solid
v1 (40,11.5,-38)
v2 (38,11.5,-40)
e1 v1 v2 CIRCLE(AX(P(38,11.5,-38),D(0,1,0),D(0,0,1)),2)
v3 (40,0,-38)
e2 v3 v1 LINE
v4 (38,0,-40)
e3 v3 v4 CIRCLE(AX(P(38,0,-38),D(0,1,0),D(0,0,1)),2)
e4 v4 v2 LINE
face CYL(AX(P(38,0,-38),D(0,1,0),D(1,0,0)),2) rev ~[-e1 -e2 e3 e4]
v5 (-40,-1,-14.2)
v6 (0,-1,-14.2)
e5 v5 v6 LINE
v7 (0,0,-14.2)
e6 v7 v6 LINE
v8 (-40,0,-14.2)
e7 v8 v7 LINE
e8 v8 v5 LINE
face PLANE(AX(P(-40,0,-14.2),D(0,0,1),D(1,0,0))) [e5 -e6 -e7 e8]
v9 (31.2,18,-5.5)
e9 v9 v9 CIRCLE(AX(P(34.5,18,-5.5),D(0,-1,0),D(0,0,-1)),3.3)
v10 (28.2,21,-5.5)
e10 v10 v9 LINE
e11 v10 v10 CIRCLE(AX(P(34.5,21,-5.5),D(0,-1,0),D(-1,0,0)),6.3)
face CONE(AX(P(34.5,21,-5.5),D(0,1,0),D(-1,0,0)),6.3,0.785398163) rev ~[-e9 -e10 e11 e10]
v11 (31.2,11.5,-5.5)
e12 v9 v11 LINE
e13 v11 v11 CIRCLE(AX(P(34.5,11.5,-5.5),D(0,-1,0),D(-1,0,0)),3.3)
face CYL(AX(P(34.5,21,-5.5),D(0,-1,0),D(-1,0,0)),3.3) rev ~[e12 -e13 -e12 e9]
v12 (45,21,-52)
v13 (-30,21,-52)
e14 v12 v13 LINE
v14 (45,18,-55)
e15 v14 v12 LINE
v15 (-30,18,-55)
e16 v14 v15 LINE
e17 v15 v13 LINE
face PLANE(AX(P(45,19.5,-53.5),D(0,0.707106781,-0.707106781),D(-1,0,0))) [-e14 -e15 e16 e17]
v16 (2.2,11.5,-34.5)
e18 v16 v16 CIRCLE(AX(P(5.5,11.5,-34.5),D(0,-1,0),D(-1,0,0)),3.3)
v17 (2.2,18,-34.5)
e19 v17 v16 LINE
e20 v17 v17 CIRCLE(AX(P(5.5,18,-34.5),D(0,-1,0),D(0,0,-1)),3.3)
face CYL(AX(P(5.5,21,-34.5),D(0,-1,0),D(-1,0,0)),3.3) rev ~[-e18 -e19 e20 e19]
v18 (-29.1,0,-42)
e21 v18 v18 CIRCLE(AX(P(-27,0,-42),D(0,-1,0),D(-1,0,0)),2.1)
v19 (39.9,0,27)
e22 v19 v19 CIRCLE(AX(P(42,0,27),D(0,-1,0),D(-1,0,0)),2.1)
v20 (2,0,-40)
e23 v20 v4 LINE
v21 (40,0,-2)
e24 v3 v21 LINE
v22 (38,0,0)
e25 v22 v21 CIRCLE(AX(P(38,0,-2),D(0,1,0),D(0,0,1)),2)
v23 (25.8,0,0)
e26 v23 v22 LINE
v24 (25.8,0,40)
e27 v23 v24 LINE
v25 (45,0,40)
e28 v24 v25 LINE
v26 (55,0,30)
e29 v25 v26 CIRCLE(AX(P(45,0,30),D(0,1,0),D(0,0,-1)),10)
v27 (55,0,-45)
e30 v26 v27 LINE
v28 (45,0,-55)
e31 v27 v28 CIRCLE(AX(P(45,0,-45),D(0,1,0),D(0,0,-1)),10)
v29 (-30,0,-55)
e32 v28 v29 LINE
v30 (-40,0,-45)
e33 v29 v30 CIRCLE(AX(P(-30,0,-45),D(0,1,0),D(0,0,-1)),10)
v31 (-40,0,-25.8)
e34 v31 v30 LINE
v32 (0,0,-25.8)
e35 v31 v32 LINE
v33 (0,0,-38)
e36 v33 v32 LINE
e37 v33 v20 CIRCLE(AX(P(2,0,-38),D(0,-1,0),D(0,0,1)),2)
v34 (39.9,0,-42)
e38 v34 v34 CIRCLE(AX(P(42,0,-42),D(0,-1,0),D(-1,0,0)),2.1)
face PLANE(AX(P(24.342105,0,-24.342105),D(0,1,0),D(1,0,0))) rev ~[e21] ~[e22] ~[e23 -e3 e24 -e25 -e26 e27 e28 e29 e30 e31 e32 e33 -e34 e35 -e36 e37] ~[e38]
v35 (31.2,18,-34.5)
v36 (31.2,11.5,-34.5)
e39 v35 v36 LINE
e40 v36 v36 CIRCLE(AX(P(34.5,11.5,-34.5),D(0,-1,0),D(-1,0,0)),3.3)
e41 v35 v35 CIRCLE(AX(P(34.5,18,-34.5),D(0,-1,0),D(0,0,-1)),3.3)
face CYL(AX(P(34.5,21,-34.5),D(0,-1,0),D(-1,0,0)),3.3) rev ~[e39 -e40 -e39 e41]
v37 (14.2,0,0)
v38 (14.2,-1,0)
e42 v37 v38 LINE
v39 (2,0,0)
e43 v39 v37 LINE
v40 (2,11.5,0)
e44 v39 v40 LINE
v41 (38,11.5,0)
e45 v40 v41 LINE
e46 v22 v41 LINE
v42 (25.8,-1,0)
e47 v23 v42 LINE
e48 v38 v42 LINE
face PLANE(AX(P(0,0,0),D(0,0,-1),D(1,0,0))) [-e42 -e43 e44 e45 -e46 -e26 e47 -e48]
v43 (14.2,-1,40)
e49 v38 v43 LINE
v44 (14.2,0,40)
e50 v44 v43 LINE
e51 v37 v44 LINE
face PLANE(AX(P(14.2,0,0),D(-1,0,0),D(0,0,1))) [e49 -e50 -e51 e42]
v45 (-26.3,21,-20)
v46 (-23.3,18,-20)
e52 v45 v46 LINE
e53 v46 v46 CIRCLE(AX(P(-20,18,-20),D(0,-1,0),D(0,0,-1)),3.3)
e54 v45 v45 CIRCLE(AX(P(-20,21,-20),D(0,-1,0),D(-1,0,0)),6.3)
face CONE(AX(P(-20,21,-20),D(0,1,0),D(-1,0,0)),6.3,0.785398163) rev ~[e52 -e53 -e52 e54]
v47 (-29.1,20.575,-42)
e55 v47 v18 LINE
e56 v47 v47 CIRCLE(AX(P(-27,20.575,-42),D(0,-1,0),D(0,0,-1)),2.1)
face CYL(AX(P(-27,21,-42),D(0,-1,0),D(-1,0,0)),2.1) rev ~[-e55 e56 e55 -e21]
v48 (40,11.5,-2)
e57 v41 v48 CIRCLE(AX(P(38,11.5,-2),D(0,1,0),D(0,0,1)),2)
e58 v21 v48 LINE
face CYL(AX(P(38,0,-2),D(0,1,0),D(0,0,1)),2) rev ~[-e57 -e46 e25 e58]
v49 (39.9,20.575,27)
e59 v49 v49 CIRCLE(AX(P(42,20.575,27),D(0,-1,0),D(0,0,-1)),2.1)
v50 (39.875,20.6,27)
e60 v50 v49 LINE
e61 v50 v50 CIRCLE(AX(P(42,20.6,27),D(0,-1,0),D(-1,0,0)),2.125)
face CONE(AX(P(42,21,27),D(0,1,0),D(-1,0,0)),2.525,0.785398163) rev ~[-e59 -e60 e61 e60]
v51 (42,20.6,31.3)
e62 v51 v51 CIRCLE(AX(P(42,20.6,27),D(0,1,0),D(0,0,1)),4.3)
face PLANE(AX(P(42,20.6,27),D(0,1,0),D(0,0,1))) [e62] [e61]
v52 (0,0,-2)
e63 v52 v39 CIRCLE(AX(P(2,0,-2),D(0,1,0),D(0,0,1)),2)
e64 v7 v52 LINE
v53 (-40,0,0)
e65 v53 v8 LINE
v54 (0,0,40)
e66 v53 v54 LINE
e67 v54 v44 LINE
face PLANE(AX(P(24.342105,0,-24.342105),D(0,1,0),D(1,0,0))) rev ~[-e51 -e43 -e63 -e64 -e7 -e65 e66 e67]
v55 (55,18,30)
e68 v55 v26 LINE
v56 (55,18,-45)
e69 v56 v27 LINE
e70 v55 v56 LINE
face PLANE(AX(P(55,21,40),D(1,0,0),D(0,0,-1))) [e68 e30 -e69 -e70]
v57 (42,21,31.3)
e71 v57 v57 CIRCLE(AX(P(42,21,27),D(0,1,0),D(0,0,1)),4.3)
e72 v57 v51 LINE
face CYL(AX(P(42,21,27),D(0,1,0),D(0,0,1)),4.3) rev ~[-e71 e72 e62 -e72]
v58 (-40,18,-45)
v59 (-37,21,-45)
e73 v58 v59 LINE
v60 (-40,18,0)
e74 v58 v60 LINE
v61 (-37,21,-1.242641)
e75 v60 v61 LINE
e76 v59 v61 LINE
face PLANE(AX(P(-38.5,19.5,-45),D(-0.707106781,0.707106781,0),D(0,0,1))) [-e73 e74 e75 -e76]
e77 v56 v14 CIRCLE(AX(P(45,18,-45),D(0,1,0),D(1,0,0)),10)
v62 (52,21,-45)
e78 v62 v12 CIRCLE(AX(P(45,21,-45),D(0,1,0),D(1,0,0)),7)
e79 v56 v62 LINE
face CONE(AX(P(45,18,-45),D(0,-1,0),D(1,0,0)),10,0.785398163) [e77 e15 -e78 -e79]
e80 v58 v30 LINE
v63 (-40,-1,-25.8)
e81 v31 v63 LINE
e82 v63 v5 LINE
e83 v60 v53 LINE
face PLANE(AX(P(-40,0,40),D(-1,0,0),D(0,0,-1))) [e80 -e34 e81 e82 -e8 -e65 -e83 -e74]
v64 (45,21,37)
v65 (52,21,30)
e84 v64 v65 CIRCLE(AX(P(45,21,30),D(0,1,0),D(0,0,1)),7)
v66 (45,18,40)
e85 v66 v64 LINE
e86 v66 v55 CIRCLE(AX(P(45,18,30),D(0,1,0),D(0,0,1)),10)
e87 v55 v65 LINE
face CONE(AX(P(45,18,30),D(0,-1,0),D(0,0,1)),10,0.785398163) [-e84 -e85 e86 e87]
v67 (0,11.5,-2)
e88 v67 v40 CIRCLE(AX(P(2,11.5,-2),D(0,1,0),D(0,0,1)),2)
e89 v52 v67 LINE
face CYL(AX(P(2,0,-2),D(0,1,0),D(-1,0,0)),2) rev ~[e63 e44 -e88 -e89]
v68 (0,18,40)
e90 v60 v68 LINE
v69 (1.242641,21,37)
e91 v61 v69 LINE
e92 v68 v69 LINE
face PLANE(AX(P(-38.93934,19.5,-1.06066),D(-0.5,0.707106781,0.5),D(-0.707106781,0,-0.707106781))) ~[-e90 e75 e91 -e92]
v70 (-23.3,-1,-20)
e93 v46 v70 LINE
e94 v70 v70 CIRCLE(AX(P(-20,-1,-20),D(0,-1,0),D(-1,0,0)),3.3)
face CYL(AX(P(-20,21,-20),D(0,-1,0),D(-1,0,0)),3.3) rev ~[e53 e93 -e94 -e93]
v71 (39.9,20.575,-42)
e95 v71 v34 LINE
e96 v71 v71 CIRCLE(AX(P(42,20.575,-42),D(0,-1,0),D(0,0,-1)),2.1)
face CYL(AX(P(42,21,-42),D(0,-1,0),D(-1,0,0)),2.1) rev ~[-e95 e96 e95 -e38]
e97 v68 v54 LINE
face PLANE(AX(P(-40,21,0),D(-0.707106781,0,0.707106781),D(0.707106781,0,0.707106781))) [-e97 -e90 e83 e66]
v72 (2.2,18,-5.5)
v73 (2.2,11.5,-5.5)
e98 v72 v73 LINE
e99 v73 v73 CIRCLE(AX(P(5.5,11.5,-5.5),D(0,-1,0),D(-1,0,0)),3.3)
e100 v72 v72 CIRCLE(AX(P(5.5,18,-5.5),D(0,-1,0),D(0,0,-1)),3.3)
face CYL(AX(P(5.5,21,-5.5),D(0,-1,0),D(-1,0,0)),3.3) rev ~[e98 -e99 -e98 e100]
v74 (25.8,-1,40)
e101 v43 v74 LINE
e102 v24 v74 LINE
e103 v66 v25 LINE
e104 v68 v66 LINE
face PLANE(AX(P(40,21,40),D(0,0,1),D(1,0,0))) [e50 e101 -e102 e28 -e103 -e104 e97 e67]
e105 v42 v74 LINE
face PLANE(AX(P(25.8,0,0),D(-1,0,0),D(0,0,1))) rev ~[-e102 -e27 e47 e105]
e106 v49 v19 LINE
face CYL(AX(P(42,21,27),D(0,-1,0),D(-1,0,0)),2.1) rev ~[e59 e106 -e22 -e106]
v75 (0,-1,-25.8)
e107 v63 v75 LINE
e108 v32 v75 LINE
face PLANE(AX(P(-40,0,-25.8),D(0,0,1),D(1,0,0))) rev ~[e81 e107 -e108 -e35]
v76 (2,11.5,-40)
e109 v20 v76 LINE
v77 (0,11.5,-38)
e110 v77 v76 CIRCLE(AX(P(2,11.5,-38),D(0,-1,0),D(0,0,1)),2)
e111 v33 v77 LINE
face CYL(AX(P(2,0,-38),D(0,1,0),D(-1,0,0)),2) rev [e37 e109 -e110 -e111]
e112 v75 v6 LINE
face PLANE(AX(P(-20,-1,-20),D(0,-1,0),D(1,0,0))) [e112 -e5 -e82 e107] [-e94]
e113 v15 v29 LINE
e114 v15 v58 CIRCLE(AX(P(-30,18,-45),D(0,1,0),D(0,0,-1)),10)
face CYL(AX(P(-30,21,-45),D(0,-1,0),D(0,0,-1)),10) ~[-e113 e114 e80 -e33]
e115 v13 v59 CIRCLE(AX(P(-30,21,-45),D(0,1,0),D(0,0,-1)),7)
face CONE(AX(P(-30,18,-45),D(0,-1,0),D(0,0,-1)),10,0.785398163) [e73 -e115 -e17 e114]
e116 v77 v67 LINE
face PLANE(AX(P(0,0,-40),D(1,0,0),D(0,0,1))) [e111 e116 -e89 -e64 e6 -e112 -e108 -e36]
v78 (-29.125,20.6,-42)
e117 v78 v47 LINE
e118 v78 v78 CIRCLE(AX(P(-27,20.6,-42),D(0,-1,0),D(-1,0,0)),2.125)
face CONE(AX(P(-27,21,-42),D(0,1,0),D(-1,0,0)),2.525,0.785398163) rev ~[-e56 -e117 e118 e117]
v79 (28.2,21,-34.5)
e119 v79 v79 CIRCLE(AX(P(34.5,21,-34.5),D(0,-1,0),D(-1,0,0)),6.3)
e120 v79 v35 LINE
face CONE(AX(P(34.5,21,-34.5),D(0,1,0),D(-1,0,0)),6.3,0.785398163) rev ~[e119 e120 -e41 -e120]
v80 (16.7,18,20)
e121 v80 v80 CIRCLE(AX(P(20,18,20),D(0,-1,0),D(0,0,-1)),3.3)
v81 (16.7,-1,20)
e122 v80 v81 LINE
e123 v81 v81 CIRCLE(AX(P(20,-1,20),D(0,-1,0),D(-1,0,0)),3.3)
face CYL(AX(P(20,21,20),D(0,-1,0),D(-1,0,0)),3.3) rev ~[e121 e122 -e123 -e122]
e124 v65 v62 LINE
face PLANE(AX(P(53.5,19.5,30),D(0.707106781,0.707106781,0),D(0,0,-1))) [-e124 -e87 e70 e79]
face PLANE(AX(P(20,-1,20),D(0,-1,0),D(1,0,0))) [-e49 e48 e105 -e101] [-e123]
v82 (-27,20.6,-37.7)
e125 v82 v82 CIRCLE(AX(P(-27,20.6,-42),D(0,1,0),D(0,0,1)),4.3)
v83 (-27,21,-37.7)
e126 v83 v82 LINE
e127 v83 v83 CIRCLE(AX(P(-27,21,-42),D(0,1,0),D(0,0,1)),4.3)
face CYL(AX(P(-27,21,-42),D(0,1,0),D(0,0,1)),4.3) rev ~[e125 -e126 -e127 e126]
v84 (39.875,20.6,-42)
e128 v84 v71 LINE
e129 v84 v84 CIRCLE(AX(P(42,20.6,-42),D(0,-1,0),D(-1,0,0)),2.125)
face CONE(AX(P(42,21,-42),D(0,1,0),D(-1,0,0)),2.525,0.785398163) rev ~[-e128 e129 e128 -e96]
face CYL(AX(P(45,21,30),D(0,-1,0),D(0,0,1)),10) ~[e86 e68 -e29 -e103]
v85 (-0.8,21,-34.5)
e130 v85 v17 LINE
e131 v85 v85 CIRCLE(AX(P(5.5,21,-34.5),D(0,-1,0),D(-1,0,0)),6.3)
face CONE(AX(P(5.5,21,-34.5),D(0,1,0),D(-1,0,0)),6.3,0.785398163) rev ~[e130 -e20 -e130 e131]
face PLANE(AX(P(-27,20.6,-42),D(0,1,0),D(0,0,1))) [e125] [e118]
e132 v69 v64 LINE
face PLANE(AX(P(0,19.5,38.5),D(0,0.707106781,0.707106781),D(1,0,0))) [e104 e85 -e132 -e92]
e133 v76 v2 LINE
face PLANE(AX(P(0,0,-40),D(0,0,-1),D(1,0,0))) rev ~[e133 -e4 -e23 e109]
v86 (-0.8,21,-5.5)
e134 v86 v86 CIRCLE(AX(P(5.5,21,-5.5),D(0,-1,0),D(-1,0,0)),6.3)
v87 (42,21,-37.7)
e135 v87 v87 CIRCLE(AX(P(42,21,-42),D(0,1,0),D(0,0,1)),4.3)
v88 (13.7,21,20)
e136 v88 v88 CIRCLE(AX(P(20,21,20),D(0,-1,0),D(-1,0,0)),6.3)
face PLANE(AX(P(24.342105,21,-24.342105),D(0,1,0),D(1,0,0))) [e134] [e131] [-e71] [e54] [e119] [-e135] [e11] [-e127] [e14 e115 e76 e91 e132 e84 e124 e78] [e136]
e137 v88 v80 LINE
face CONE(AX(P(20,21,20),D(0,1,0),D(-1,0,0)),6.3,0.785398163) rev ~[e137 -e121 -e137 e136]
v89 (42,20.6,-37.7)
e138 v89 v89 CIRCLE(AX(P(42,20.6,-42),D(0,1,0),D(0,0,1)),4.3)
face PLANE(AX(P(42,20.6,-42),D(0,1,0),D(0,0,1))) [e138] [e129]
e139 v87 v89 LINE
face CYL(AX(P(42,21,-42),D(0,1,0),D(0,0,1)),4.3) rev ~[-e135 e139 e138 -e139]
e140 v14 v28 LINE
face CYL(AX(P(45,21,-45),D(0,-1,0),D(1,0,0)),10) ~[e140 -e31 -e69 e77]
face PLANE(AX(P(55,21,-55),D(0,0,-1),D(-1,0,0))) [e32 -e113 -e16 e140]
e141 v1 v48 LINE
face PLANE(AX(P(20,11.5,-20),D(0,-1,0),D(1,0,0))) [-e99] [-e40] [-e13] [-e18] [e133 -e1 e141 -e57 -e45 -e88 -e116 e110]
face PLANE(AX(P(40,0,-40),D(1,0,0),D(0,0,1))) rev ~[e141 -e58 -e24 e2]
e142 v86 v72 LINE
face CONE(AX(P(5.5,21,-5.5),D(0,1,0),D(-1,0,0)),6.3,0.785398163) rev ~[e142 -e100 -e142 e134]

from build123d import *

# Parameters (mm, degrees)
SKETCH_1_W                 = 80
SKETCH_1_H                 = 80
EXTRUDE_314_DEPTH          = 21
EXTRUDE_603_DEPTH          = 21
CUT_EXTRUDE_830_DEPTH      = 81.566742518
SKETCH_3_W                 = 40
SKETCH_3_H                 = 40
CUT_EXTRUDE_1062_DEPTH     = 11.5
FILLET_1_R                 = 2
SKETCH_14_W                = 40
SKETCH_14_H                = 11.6
SKETCH_14_W_2              = 11.6
SKETCH_14_H_2              = 40
EXTRUDE_1761_DEPTH         = 1
HOLE_WIZARD_M6_D           = 6.6
HOLE_WIZARD_M6_CSINK_D     = 12.6
HOLE_WIZARD_M6_CSINK_ANGLE = 90
HOLE_WIZARD_M5_D           = 4.2
HOLE_WIZARD_M5_CSINK_D     = 5.05
HOLE_WIZARD_M5_CSINK_ANGLE = 90
FILLET_2_R                 = 10
CHAMFER_1_SIZE             = 3
SKETCH_15_R                = 4.3
CUT_EXTRUDE_1_DEPTH        = 0.4


with BuildPart() as part:
    # Эскиз1 → Extrude 314 (new body)
    with BuildSketch(Plane(origin=(0, 0, 0), x_dir=(1, 0, 0), z_dir=(0, 1, 0))):
        Rectangle(SKETCH_1_W, SKETCH_1_H)
    extrude(amount=EXTRUDE_314_DEPTH)

    # Эскиз11 → Extrude 603 (add)
    with BuildSketch(Plane(origin=(0, 21, 0), x_dir=(1, 0, 0), z_dir=(0, 1, 0))):
        Polygon((40, -40), (55, -40), (55, 55), (-40, 55), (-40, 40), (40, 40), align=None)
    extrude(amount=-EXTRUDE_603_DEPTH)

    # Эскиз2 → Cut-Extrude 830 (cut, through all)
    with BuildSketch(Plane(origin=(0, 21, 0), x_dir=(1, 0, 0), z_dir=(0, 1, 0))):
        Polygon((-40, -40), (-40, 0), (0, -40), align=None)
    extrude(amount=-CUT_EXTRUDE_830_DEPTH, mode=Mode.SUBTRACT)

    # Эскиз3 → Cut-Extrude 1062 (cut)
    with BuildSketch(Plane.XZ):
        with Locations((20, -20)):
            Rectangle(SKETCH_3_W, SKETCH_3_H)
    extrude(amount=-CUT_EXTRUDE_1062_DEPTH, mode=Mode.SUBTRACT)

    # Скругление1
    fillet_1_edges = [part.edges().sort_by_distance(p)[0] for p in [
        (40, 5.75, 0),
        (40, 5.75, -40),
        (0, 5.75, -40),
        (0, 5.75, 0),
    ]]
    fillet(fillet_1_edges, radius=FILLET_1_R)

    # Эскиз14 → Extrude 1761 (add)
    with BuildSketch(Plane.XZ):
        with Locations((-20, -20)):
            Rectangle(SKETCH_14_W, SKETCH_14_H)
        with Locations((20, 20)):
            Rectangle(SKETCH_14_W_2, SKETCH_14_H_2)
    extrude(amount=EXTRUDE_1761_DEPTH)

    # Крепление-M6 (through all)
    with Locations(Plane(origin=(0, 21, 0), x_dir=(1, 0, 0), z_dir=(0, 1, 0))):
        with Locations((-20, 20), (20, -20), (5.5, 34.5), (34.5, 34.5), (34.5, 5.5), (5.5, 5.5)):
            CounterSinkHole(HOLE_WIZARD_M6_D / 2, HOLE_WIZARD_M6_CSINK_D / 2, counter_sink_angle=HOLE_WIZARD_M6_CSINK_ANGLE)

    # Шкивы-M5 (through all)
    with Locations(Plane(origin=(0, 21, 0), x_dir=(1, 0, 0), z_dir=(0, 1, 0))):
        with Locations((42, 42), (-27, 42), (42, -27)):
            CounterSinkHole(HOLE_WIZARD_M5_D / 2, HOLE_WIZARD_M5_CSINK_D / 2, counter_sink_angle=HOLE_WIZARD_M5_CSINK_ANGLE)

    # Скругление2
    fillet_2_edges = [part.edges().sort_by_distance(p)[0] for p in [
        (-40, 10.5, -55),
        (55, 10.5, -55),
        (55, 10.5, 40),
    ]]
    fillet(fillet_2_edges, radius=FILLET_2_R)

    # Фаска1
    chamfer_1_edges = [part.edges().sort_by_distance(p)[0] for p in [
        (7.5, 21, -55),
        (55, 21, -7.5),
        (-40, 21, -22.5),
        (52.071067812, 21, 37.071067812),
        (52.071067812, 21, -52.071067812),
        (-37.071067812, 21, -52.071067812),
        (22.5, 21, 40),
        (-20, 21, 20),
    ]]
    chamfer(chamfer_1_edges, length=CHAMFER_1_SIZE)

    # Эскиз15 → Вырез-Вытянуть1 (cut)
    with BuildSketch(Plane(origin=(0, 21, 0), x_dir=(1, 0, 0), z_dir=(0, 1, 0))):
        with Locations(Location((42, 42, 0), (0, 0, 270))):
            Circle(SKETCH_15_R)
        with Locations(Location((-27, 42, 0), (0, 0, 270))):
            Circle(SKETCH_15_R)
        with Locations(Location((42, -27, 0), (0, 0, 270))):
            Circle(SKETCH_15_R)
    extrude(amount=-CUT_EXTRUDE_1_DEPTH, mode=Mode.SUBTRACT)


solid = part.part
